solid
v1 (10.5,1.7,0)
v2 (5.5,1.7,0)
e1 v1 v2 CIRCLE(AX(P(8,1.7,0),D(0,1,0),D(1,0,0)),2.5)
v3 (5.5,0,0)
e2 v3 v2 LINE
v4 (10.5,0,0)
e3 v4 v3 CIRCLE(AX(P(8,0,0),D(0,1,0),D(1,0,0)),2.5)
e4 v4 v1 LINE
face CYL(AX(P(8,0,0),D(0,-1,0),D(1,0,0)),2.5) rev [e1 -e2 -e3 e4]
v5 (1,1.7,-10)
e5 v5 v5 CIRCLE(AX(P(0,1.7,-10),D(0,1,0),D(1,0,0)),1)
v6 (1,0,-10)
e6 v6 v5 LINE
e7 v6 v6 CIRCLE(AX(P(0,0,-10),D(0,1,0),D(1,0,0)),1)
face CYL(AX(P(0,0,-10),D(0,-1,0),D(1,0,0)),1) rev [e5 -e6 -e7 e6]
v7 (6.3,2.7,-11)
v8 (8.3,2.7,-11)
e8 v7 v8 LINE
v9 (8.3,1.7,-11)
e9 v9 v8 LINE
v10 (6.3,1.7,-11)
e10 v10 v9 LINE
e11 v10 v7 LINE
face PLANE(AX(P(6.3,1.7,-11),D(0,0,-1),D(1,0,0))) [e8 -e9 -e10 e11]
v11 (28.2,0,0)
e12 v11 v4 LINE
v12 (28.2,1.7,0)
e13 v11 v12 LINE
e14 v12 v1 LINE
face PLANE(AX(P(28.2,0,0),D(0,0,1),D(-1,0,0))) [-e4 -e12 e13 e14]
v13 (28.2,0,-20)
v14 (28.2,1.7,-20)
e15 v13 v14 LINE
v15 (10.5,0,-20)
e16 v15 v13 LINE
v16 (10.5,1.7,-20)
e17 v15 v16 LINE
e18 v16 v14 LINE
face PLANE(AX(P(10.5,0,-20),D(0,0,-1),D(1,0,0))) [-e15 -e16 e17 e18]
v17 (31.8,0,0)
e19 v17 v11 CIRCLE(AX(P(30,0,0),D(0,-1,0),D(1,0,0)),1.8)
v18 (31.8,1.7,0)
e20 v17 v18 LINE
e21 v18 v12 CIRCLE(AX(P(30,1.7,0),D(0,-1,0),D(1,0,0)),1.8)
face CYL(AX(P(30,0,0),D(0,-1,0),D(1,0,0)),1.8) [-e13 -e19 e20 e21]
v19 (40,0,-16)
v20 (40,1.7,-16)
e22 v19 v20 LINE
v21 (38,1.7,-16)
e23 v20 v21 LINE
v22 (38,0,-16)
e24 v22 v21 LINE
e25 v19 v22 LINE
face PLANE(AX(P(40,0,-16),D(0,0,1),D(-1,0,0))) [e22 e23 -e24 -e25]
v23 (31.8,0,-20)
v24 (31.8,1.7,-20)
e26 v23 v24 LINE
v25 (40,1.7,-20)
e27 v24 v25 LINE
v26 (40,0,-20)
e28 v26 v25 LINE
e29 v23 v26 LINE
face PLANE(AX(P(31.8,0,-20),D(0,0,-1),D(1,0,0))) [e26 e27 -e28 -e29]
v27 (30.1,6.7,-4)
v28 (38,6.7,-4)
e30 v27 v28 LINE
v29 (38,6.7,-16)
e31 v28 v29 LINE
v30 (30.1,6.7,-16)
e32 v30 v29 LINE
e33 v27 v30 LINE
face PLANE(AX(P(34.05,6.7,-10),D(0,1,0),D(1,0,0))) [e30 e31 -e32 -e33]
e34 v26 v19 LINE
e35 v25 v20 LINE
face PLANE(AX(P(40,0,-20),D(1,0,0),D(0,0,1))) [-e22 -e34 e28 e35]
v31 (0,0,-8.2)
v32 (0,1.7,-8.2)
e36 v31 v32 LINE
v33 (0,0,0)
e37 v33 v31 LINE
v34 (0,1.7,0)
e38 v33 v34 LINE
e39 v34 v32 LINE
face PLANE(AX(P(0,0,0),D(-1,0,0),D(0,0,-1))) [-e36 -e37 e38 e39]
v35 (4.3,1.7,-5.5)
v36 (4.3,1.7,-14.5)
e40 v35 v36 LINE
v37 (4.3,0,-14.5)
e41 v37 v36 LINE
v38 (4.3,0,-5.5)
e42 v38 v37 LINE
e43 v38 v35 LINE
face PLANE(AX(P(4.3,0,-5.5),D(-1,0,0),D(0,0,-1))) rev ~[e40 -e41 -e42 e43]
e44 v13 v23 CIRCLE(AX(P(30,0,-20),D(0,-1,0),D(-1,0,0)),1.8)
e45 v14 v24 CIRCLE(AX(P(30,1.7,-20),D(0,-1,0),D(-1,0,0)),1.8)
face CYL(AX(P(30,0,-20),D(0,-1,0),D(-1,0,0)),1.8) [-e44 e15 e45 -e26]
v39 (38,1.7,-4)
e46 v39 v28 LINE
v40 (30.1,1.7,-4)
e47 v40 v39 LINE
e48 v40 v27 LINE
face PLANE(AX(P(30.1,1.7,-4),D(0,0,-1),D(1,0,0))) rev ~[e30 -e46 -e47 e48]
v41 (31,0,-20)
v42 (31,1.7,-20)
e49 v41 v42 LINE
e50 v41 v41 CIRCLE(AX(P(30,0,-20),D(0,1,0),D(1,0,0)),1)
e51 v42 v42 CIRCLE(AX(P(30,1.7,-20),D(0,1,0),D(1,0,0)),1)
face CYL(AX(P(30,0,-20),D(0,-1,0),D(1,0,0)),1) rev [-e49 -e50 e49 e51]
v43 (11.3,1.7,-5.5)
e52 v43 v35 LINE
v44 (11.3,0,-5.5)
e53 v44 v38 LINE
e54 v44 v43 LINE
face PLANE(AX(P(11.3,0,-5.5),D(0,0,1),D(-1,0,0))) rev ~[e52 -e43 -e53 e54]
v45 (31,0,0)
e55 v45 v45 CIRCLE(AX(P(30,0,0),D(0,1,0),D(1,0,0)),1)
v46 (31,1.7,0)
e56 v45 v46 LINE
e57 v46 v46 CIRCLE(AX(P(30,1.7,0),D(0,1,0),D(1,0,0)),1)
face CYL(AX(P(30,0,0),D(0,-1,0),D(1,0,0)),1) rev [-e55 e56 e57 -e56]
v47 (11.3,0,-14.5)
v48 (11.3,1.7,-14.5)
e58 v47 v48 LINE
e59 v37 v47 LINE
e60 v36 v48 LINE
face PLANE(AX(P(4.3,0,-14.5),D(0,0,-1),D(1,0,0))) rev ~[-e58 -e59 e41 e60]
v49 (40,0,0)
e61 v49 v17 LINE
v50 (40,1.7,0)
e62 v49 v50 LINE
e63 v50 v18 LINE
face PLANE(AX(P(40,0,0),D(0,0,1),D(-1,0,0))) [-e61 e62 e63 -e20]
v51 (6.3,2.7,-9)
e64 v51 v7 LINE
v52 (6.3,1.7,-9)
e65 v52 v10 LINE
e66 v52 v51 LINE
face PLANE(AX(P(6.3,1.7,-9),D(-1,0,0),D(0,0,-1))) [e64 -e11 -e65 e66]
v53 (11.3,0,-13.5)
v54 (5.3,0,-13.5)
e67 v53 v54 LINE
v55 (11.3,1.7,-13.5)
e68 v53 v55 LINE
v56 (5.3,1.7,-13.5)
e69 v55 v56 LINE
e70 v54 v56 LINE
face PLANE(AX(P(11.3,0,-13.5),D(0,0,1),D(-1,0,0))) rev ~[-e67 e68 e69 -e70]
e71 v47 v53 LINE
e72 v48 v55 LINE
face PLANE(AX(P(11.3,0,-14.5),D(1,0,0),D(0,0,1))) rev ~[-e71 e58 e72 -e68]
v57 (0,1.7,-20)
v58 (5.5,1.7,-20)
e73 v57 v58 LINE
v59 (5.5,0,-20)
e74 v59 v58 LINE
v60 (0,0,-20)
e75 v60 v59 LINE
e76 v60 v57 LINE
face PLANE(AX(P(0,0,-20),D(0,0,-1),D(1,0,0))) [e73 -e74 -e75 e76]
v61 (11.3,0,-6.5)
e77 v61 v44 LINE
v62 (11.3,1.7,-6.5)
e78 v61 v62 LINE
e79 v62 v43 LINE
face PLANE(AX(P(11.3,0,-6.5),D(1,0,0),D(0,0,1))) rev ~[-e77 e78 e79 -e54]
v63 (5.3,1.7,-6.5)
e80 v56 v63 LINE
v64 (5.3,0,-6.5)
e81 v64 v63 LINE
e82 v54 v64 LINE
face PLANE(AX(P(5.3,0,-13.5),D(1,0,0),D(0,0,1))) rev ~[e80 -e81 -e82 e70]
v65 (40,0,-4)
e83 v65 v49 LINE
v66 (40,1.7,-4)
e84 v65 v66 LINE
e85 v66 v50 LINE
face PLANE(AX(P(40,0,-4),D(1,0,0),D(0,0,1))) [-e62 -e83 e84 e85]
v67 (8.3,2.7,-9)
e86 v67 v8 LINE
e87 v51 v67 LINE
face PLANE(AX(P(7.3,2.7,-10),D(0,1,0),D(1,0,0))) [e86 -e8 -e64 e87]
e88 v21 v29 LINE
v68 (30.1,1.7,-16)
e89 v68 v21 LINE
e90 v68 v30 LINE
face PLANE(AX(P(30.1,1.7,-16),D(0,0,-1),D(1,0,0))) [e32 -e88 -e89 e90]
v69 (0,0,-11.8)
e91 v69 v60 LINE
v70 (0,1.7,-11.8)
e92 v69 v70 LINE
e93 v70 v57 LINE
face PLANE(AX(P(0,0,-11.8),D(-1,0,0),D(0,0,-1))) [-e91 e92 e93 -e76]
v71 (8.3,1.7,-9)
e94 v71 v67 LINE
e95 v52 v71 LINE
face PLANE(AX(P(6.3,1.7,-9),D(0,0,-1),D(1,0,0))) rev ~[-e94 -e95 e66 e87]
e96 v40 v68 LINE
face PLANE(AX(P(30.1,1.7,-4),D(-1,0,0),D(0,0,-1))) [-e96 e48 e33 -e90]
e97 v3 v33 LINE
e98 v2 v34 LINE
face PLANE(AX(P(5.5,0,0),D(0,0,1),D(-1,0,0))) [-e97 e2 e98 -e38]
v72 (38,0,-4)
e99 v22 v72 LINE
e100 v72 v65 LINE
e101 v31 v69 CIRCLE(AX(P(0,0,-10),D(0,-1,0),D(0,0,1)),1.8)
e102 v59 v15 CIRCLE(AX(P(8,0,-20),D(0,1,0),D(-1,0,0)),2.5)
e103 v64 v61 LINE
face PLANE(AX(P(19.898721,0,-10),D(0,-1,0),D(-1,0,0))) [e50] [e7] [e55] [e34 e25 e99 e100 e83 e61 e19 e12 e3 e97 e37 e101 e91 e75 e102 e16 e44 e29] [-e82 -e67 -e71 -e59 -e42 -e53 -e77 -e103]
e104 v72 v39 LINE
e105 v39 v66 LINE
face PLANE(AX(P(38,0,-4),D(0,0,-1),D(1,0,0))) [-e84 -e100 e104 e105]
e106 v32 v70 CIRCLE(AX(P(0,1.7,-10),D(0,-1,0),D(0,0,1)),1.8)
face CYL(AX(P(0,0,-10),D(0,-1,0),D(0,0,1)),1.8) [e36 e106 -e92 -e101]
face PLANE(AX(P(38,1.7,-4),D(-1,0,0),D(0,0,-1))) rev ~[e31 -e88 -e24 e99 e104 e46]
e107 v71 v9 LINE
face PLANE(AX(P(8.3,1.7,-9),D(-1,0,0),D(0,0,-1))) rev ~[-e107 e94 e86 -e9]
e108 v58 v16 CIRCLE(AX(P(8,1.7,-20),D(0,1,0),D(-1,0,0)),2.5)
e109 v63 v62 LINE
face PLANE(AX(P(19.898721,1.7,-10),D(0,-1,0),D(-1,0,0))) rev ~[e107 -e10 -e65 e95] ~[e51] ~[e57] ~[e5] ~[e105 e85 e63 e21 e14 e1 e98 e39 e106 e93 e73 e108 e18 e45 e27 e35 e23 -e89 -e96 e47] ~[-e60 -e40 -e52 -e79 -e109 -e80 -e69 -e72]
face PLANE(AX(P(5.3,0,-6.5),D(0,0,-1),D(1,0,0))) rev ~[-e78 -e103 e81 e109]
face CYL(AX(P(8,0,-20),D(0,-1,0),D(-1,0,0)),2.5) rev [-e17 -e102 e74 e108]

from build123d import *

# Parameters (mm, degrees)
SKETCH1_R           = 1
BOSS_EXTRUDE1_DEPTH = 1.7
SKETCH2_W           = 2
SKETCH2_H           = 2
BOSS_EXTRUDE2_DEPTH = 1
SKETCH3_W           = 7.9
SKETCH3_H           = 12
BOSS_EXTRUDE3_DEPTH = 5


with BuildPart() as part:
    # Sketch1 → Boss-Extrude1 (new body)
    with BuildSketch(Plane(origin=(0, 0, 0), x_dir=(1, 0, 0), z_dir=(0, 1, 0))):
        with BuildLine():
            Line((0, 0), (0, 8.2))
            ThreePointArc((0, 8.2), (-1.8, 10), (0, 11.8))
            Line((0, 11.8), (0, 20))
            Line((0, 20), (5.5, 20))
            ThreePointArc((5.5, 20), (8, 17.5), (10.5, 20))
            Line((10.5, 20), (28.2, 20))
            ThreePointArc((28.2, 20), (30, 21.8), (31.8, 20))
            Line((31.8, 20), (40, 20))
            Line((40, 20), (40, 16))
            Line((40, 16), (38, 16))
            Line((38, 16), (38, 4))
            Line((38, 4), (40, 4))
            Line((40, 4), (40, 0))
            Line((40, 0), (31.8, 0))
            ThreePointArc((31.8, 0), (30, -1.8), (28.2, 0))
            Line((28.2, 0), (10.5, 0))
            ThreePointArc((10.5, 0), (8, 2.5), (5.5, 0))
            Line((5.5, 0), (0, 0))
        make_face()
        with Locations((0, 10)):
            Circle(SKETCH1_R, mode=Mode.SUBTRACT)
        with Locations((30, 0)):
            Circle(SKETCH1_R, mode=Mode.SUBTRACT)
        with Locations((30, 20)):
            Circle(SKETCH1_R, mode=Mode.SUBTRACT)
        Polygon((4.3, 14.5), (11.3, 14.5), (11.3, 13.5), (5.3, 13.5), (5.3, 6.5), (11.3, 6.5), (11.3, 5.5), (4.3, 5.5), align=None, mode=Mode.SUBTRACT)
    extrude(amount=BOSS_EXTRUDE1_DEPTH)

    # Sketch2 → Boss-Extrude2 (add)
    with BuildSketch(Plane(origin=(0, 1.7, 0), x_dir=(1, 0, 0), z_dir=(0, 1, 0))):
        with Locations((7.3, 10)):
            Rectangle(SKETCH2_W, SKETCH2_H)
    extrude(amount=BOSS_EXTRUDE2_DEPTH)

    # Sketch3 → Boss-Extrude3 (add)
    with BuildSketch(Plane(origin=(0, 1.7, 0), x_dir=(1, 0, 0), z_dir=(0, 1, 0))):
        with Locations((34.05, 10)):
            Rectangle(SKETCH3_W, SKETCH3_H)
    extrude(amount=BOSS_EXTRUDE3_DEPTH)


solid = part.part
